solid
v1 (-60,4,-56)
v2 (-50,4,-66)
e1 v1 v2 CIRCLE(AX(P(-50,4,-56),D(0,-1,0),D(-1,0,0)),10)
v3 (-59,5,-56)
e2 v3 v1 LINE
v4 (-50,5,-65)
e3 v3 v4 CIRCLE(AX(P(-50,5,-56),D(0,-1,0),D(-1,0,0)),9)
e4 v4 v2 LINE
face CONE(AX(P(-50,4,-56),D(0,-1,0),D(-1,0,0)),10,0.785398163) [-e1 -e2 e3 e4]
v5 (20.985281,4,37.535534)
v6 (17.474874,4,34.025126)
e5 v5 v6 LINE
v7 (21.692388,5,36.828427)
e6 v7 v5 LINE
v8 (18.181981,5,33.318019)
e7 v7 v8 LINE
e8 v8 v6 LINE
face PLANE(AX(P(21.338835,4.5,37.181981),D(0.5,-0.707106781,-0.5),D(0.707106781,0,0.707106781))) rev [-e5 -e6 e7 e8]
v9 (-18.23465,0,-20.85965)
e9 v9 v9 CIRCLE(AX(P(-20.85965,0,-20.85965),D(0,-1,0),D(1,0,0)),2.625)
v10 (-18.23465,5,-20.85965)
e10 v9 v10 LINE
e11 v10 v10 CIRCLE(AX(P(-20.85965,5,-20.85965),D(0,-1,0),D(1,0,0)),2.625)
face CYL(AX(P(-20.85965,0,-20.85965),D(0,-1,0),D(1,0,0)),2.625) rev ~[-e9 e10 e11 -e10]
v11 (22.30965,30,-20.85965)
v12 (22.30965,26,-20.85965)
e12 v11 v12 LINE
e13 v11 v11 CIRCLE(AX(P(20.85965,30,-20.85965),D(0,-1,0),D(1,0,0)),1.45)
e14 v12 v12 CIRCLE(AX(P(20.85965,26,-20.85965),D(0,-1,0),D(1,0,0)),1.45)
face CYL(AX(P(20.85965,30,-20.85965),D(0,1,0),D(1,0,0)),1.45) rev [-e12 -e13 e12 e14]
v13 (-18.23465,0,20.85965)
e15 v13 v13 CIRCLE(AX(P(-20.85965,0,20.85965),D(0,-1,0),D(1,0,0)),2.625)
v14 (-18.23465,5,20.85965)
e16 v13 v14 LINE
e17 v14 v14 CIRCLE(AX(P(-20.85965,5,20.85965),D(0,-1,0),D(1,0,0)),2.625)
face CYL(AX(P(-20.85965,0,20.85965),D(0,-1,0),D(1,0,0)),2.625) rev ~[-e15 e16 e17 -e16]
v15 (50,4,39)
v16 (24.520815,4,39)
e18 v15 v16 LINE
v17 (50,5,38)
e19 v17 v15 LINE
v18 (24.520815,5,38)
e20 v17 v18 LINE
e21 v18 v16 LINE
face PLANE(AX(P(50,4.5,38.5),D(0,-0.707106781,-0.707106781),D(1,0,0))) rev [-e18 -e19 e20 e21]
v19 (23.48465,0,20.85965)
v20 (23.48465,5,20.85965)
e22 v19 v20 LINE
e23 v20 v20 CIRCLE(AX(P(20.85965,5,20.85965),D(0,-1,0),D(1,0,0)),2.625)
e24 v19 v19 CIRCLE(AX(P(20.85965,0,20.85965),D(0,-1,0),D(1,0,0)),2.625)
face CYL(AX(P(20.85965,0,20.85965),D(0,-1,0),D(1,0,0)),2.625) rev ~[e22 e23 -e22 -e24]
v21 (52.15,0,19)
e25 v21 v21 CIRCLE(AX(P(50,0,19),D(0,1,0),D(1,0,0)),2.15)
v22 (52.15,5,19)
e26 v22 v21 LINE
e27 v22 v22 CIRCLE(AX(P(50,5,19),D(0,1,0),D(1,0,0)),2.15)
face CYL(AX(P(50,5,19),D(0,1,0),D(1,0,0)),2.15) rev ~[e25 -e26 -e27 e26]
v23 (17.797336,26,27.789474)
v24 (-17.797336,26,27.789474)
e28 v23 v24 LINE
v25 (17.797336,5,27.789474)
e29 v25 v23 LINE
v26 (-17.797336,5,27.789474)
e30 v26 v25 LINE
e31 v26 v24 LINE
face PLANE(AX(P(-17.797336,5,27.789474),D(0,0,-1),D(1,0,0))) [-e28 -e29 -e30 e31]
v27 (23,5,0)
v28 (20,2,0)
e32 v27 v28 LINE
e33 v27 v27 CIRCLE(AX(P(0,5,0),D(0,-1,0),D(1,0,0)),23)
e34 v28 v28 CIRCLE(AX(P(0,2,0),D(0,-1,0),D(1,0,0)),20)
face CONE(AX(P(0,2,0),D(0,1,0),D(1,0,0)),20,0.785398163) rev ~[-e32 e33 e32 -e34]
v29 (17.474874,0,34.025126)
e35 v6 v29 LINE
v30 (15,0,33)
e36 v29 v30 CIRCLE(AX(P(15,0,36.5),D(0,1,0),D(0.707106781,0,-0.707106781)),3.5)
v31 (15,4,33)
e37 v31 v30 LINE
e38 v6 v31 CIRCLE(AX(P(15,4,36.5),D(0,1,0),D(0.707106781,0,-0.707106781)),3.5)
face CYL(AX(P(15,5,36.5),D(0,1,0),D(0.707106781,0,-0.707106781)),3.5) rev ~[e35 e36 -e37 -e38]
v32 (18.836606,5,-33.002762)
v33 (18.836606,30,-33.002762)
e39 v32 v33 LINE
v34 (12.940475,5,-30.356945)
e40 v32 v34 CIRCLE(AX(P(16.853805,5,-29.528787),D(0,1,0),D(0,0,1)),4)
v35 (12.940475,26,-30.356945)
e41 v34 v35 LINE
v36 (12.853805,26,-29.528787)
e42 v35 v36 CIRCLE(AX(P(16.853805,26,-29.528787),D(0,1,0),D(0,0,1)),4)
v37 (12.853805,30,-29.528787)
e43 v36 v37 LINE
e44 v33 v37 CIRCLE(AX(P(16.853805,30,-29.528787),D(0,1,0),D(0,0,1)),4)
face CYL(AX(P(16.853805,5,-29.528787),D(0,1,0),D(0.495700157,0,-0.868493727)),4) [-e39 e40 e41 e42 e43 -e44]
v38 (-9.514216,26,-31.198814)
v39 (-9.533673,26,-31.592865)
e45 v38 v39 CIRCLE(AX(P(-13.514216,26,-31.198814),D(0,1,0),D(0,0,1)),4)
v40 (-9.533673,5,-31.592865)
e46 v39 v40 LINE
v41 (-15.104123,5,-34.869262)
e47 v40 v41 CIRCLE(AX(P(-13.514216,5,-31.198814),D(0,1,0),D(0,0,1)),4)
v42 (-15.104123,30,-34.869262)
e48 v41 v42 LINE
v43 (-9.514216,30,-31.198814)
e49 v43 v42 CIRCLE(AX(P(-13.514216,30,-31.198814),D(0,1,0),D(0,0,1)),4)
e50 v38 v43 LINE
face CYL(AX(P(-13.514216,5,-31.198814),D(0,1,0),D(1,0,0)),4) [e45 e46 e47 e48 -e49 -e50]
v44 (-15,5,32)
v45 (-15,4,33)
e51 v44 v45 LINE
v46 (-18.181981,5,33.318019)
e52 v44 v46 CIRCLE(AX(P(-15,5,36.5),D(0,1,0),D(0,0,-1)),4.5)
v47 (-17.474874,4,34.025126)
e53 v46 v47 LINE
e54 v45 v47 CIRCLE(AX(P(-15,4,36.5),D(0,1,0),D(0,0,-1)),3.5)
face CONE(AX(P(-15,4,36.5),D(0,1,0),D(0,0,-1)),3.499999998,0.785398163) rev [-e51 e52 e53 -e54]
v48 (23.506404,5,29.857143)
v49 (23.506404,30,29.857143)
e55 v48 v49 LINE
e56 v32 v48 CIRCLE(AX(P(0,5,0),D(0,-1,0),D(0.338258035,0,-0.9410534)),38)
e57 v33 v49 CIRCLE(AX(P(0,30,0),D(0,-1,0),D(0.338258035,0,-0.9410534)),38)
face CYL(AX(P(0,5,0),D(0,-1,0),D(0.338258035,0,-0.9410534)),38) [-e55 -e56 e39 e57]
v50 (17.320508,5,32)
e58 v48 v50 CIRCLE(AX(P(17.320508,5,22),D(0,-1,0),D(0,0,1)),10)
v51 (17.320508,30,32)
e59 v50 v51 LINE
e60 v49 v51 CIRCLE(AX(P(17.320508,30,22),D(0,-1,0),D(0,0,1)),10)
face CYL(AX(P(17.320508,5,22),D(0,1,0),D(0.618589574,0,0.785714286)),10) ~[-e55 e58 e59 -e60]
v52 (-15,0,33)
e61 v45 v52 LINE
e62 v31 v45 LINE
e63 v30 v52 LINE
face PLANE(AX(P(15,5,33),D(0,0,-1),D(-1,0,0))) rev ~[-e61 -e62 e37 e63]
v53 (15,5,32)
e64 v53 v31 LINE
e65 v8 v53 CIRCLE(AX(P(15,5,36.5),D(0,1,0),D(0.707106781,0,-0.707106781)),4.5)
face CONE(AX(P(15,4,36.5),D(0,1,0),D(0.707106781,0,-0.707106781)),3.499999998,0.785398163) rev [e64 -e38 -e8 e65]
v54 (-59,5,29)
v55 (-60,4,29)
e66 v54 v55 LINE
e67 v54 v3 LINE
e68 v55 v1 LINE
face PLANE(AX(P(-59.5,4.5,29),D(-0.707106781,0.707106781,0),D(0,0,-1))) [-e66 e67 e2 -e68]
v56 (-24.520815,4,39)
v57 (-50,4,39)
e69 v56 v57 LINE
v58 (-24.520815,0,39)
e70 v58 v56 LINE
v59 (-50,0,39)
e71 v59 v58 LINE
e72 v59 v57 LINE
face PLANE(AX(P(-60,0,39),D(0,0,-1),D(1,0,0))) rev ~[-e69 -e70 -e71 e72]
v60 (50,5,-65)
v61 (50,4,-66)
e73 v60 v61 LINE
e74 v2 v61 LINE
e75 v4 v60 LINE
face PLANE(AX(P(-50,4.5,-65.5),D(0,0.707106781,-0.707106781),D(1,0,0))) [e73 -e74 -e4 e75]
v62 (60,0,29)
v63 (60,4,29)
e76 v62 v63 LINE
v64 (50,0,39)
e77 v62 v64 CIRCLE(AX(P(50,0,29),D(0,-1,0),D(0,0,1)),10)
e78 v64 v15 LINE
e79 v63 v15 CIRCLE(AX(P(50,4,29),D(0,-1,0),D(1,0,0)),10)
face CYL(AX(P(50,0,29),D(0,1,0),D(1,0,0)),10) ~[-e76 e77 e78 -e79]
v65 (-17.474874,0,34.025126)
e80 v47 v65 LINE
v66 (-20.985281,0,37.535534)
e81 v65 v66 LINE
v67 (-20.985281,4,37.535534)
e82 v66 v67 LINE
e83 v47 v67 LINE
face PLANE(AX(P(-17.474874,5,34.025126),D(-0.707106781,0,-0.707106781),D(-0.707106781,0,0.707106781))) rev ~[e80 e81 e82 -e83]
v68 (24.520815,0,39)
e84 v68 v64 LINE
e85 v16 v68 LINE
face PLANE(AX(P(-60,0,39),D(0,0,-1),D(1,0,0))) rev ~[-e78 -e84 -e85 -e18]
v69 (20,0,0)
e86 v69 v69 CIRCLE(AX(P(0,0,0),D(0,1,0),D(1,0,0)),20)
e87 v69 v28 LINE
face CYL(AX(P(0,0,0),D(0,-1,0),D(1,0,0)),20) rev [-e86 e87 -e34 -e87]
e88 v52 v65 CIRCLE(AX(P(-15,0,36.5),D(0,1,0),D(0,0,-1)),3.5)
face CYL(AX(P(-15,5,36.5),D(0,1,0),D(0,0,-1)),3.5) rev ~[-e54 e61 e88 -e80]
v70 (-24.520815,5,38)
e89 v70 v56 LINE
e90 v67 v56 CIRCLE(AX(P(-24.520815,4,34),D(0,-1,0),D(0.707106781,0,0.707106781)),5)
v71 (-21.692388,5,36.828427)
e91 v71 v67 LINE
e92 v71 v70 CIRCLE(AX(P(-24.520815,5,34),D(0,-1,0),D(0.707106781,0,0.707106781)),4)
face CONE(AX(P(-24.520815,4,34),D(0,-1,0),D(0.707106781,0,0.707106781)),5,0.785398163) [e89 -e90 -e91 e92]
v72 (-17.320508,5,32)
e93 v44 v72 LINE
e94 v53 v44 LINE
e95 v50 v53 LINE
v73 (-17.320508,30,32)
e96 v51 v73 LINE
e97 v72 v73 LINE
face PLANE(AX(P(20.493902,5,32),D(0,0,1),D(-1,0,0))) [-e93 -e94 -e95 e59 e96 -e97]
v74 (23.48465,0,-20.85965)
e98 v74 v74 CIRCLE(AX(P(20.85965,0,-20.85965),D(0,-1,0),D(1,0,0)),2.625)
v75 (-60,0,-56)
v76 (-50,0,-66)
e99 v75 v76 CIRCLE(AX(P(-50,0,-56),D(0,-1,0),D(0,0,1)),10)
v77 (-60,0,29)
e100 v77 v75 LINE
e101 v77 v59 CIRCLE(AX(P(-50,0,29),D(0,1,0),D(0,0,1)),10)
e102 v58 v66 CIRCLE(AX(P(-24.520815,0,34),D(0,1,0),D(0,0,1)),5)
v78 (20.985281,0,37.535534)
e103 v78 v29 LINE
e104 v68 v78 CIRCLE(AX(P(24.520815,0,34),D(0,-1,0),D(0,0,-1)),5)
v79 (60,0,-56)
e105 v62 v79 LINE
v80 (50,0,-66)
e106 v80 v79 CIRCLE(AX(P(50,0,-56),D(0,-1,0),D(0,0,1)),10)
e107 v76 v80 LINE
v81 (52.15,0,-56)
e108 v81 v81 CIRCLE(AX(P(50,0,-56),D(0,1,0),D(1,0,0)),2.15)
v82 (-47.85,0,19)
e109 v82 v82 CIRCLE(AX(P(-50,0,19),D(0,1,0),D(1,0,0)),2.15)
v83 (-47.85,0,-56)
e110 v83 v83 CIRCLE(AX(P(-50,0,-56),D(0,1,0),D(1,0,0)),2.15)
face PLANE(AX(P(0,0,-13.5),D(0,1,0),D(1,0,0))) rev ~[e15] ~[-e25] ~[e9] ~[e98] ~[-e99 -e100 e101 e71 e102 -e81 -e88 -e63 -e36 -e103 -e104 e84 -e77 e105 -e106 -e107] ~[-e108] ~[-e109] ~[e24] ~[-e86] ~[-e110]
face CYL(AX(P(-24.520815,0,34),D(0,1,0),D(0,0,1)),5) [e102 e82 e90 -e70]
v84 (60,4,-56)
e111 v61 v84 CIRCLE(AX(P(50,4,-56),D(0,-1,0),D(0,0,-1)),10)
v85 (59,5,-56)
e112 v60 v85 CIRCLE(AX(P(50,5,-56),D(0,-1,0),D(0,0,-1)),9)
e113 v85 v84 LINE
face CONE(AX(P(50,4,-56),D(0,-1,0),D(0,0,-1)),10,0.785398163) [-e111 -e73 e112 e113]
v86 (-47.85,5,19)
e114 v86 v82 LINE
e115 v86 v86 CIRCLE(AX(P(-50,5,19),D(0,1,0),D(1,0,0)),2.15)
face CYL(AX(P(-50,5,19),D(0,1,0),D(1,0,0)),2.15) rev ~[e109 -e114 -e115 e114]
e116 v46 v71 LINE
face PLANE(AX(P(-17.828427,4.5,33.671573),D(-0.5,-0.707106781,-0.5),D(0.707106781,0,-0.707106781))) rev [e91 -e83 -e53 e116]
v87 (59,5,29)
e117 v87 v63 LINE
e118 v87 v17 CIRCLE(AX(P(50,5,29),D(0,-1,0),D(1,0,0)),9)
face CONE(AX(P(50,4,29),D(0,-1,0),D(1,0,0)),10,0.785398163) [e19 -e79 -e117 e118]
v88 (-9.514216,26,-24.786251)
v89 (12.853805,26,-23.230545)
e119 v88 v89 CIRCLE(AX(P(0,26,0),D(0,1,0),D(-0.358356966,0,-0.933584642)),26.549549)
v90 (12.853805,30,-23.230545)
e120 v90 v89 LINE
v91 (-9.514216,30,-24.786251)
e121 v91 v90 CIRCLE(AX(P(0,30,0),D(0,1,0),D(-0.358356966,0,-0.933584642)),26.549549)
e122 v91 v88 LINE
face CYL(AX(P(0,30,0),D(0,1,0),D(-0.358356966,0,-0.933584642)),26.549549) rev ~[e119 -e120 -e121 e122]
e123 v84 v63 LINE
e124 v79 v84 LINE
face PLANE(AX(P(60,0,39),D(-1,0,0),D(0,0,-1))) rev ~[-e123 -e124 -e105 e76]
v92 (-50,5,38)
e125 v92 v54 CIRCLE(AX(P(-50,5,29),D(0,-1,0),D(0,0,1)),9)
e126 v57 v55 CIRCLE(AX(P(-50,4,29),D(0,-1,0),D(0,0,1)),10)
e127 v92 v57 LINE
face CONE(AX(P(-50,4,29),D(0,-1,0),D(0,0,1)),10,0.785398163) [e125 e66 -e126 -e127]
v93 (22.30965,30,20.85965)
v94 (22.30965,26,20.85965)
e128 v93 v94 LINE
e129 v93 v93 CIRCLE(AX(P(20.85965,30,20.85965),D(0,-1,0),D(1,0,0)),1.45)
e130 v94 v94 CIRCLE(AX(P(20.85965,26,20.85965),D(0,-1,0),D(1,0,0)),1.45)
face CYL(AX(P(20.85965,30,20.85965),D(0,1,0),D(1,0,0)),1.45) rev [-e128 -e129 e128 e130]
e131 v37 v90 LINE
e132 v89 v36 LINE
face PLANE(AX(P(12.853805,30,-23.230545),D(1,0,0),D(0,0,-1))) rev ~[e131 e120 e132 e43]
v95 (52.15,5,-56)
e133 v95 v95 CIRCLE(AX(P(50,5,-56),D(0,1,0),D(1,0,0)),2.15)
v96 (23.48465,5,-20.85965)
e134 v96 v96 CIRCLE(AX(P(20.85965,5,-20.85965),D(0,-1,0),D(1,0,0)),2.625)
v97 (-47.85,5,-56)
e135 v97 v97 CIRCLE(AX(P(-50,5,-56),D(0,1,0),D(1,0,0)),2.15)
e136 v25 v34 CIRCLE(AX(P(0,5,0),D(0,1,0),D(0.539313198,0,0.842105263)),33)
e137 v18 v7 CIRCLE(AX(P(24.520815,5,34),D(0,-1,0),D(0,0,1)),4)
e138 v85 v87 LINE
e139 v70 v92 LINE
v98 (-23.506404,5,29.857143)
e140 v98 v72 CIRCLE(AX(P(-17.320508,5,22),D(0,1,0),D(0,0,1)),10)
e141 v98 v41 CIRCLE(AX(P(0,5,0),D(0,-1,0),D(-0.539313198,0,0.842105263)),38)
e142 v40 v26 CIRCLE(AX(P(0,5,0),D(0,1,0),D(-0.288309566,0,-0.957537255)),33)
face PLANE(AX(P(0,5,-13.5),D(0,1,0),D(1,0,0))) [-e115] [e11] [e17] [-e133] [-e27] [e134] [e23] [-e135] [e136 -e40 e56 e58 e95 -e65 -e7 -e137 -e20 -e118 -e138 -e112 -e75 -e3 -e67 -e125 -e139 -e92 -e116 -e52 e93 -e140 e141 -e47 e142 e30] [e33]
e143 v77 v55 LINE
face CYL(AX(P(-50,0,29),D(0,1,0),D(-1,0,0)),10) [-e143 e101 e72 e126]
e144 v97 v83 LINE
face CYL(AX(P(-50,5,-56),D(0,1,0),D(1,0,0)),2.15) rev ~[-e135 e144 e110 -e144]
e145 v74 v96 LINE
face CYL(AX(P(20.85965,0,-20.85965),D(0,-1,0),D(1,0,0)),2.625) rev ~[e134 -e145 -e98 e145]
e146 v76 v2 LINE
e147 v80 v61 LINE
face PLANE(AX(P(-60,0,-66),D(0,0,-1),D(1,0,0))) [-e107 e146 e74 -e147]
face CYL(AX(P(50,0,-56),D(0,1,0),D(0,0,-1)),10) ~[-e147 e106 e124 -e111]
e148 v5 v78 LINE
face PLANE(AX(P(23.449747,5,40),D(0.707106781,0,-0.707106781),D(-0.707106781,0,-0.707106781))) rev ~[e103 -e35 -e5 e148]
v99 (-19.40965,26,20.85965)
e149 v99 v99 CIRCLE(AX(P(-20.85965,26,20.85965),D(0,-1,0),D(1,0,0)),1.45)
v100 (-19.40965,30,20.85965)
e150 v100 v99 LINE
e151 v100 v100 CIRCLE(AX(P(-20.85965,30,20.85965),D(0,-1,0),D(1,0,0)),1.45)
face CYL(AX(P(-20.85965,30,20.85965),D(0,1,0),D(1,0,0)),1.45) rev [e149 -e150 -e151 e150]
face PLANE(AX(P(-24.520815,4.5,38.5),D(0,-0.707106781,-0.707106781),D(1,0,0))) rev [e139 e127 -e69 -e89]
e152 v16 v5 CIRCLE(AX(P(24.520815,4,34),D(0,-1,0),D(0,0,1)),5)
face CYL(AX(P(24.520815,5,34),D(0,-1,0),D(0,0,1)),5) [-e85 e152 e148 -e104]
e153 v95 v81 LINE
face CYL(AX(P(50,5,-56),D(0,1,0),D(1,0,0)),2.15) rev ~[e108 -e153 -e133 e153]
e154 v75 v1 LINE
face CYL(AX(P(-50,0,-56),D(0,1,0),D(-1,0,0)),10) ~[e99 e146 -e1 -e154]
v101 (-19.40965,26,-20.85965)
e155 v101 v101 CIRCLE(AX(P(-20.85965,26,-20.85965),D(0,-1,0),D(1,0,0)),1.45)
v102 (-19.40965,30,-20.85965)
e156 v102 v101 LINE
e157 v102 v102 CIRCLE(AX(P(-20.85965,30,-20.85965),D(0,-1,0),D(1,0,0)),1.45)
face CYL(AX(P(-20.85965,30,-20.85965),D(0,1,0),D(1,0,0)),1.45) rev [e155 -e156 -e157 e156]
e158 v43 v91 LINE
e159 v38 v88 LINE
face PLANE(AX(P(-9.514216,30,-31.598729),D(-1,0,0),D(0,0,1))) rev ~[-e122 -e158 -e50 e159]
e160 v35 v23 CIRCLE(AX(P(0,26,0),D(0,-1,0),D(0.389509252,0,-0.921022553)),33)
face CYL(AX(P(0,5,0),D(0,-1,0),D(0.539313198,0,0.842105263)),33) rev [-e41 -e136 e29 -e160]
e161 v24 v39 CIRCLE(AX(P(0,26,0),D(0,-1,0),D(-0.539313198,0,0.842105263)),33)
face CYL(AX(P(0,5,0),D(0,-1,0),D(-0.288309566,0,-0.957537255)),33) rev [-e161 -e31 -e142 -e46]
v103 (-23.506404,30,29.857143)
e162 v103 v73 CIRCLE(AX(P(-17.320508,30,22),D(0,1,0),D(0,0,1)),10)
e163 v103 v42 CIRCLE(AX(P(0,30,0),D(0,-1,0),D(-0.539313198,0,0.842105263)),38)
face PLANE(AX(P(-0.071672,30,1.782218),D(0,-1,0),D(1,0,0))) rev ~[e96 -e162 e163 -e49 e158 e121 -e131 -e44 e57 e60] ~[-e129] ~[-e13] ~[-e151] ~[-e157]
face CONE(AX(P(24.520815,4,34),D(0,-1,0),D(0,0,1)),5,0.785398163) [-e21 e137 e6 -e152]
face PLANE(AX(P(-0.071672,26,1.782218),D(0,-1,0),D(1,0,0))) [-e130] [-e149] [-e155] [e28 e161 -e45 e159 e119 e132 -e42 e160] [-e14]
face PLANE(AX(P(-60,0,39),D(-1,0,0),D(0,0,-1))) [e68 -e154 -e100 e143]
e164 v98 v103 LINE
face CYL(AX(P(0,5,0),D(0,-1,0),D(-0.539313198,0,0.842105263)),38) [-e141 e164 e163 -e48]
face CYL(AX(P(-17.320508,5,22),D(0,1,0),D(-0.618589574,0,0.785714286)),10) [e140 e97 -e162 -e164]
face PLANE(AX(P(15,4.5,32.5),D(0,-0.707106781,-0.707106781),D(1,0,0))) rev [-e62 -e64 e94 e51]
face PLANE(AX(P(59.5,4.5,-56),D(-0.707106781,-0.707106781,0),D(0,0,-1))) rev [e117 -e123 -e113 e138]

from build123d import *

# Parameters (mm, degrees)
SKETCH2_W           = 120
SKETCH2_H           = 105
BOSS_EXTRUDE2_DEPTH = 5
CUT_EXTRUDE7_DEPTH  = 6
FILLET5_R           = 10
SKETCH10_R          = 20
CUT_EXTRUDE9_DEPTH  = 6
CHAMFER3_SIZE       = 3
FILLET6_R           = 5
CHAMFER4_SIZE       = 1
SKETCH11_R          = 2.15
CUT_EXTRUDE10_DEPTH = 6
BOSS_EXTRUDE3_DEPTH = 25
BOSS_EXTRUDE4_START = -25
SKETCH27_3_R        = 1.45
BOSS_EXTRUDE4_DEPTH = 4
SKETCH28_R          = 2.625
CUT_EXTRUDE13_DEPTH = 5
FILLET7_R           = 10
FILLET8_R           = 4


with BuildPart() as part:
    # Sketch2 → Boss-Extrude2 (new body)
    with BuildSketch(Plane(origin=(0, 0, 0), x_dir=(1, 0, 0), z_dir=(0, 1, 0))):
        with Locations((0, 13.5)):
            Rectangle(SKETCH2_W, SKETCH2_H)
    extrude(amount=BOSS_EXTRUDE2_DEPTH)

    # Sketch9 → Cut-Extrude7 (cut, through all)
    with BuildSketch(Plane(origin=(0, 5, 0), x_dir=(1, 0, 0), z_dir=(0, 1, 0))):
        with BuildLine():
            Line((-17.474873734, -34.025126266), (-23.449747468, -40))
            Line((-23.449747468, -40), (23.449747468, -40))
            Line((23.449747468, -40), (17.474873734, -34.025126266))
            ThreePointArc((17.474873734, -34.025126266), (16.339392013, -33.266421636), (15, -33))
            Line((15, -33), (-15, -33))
            ThreePointArc((-15, -33), (-16.339392013, -33.266421636), (-17.474873734, -34.025126266))
        make_face()
    extrude(amount=-CUT_EXTRUDE7_DEPTH, mode=Mode.SUBTRACT)

    # Fillet5
    fillet5_edges = [part.edges().sort_by_distance(p)[0] for p in [
        (-60, 2.5, -66),
        (60, 2.5, -66),
        (60, 2.5, 39),
        (-60, 2.5, 39),
    ]]
    fillet(fillet5_edges, radius=FILLET5_R)

    # Sketch10 → Cut-Extrude9 (cut, through all)
    with BuildSketch(Plane(origin=(0, 0, 0), x_dir=(1, 0, 0), z_dir=(0, 1, 0))):
        Circle(SKETCH10_R)
    extrude(amount=CUT_EXTRUDE9_DEPTH, mode=Mode.SUBTRACT)

    # Chamfer3
    chamfer3_edges = [part.edges().sort_by_distance(p)[0] for p in [
        (-20, 5, 0),
    ]]
    chamfer(chamfer3_edges, length=CHAMFER3_SIZE)

    # Fillet6
    fillet6_edges = [part.edges().sort_by_distance(p)[0] for p in [
        (22.449747468, 2.5, 39),
        (-22.449747468, 2.5, 39),
    ]]
    fillet(fillet6_edges, radius=FILLET6_R)

    # Chamfer4
    chamfer4_edges = [part.edges().sort_by_distance(p)[0] for p in [
        (16.339392013, 5, 33.266421636),
        (0, 5, 33),
        (-16.339392013, 5, 33.266421636),
        (-19.230077554, 5, 35.780330086),
        (-60, 5, -13.5),
        (0, 5, -66),
        (60, 5, -13.5),
        (-37.26040764, 5, 39),
        (-57.071067812, 5, 36.071067812),
        (57.071067812, 5, 36.071067812),
        (57.071067812, 5, -63.071067812),
        (-57.071067812, 5, -63.071067812),
        (19.230077554, 5, 35.780330086),
        (37.26040764, 5, 39),
        (22.607398118, 5, 38.619397663),
        (-22.607398118, 5, 38.619397663),
    ]]
    chamfer(chamfer4_edges, length=CHAMFER4_SIZE)

    # Sketch11 → Cut-Extrude10 (cut, through all)
    with BuildSketch(Plane(origin=(0, 5, 0), x_dir=(1, 0, 0), z_dir=(0, 1, 0))):
        with Locations((-50, 56)):
            Circle(SKETCH11_R)
        with Locations((50, 56)):
            Circle(SKETCH11_R)
        with Locations((-50, -19)):
            Circle(SKETCH11_R)
        with Locations((50, -19)):
            Circle(SKETCH11_R)
    extrude(amount=-CUT_EXTRUDE10_DEPTH, mode=Mode.SUBTRACT)

    # Sketch27 → Boss-Extrude3 (add)
    with BuildSketch(Plane.XZ.offset(-5)):
        with BuildLine():
            Line((15, 32), (-15, 32))
            Line((-15, 32), (-20.493901532, 32))
            ThreePointArc((-20.493901532, 32), (-37.525010245, -5.989457917), (-9.514215685, -36.789668385))
            Line((-9.514215685, -36.789668385), (-9.514215685, -31.598729403))
            ThreePointArc((-9.514215685, -31.598729403), (-32.683633122, -4.55852234), (-17.797335541, 27.789473684))
            Line((-17.797335541, 27.789473684), (17.797335541, 27.789473684))
            ThreePointArc((17.797335541, 27.789473684), (32.881527048, -2.793775048), (12.853805326, -30.393744235))
            Line((12.853805326, -30.393744235), (12.853805326, -35.760029204))
            ThreePointArc((12.853805326, -35.760029204), (37.760730628, -4.257607592), (20.493901532, 32))
            Line((20.493901532, 32), (15, 32))
        make_face()
    extrude(amount=-BOSS_EXTRUDE3_DEPTH)

    # Sketch27<3> → Boss-Extrude4 (add)
    with BuildSketch(Plane.XZ.offset(-5).offset(BOSS_EXTRUDE4_START)):
        with BuildLine():
            ThreePointArc((-17.797335541, 27.789473684), (-32.683633122, -4.55852234), (-9.514215685, -31.598729403))
            Line((-9.514215685, -31.598729403), (-9.514215685, -24.786250802))
            ThreePointArc((-9.514215685, -24.786250802), (-1.842083043, 26.485566994), (12.853805326, -23.230544926))
            Line((12.853805326, -23.230544926), (12.853805326, -30.393744235))
            ThreePointArc((12.853805326, -30.393744235), (32.881527048, -2.793775048), (17.797335541, 27.789473684))
            Line((17.797335541, 27.789473684), (-17.797335541, 27.789473684))
        make_face()
        with Locations((-20.859650045, -20.859650045)):
            Circle(SKETCH27_3_R, mode=Mode.SUBTRACT)
        with Locations((20.859650045, -20.859650045)):
            Circle(SKETCH27_3_R, mode=Mode.SUBTRACT)
        with Locations((-20.859650045, 20.859650045)):
            Circle(SKETCH27_3_R, mode=Mode.SUBTRACT)
        with Locations((20.859650045, 20.859650045)):
            Circle(SKETCH27_3_R, mode=Mode.SUBTRACT)
    extrude(amount=BOSS_EXTRUDE4_DEPTH)

    # Sketch28 → Cut-Extrude13 (cut)
    with BuildSketch(Plane.XZ):
        with Locations((-20.859650045, 20.859650045)):
            Circle(SKETCH28_R)
        with Locations((20.859650045, 20.859650045)):
            Circle(SKETCH28_R)
        with Locations((20.859650045, -20.859650045)):
            Circle(SKETCH28_R)
        with Locations((-20.859650045, -20.859650045)):
            Circle(SKETCH28_R)
    extrude(amount=-CUT_EXTRUDE13_DEPTH, mode=Mode.SUBTRACT)

    # Fillet7
    fillet7_edges = [part.edges().sort_by_distance(p)[0] for p in [
        (-20.493901532, 17.5, 32),
        (20.493901532, 17.5, 32),
    ]]
    fillet(fillet7_edges, radius=FILLET7_R)

    # Fillet8
    fillet8_edges = [part.edges().sort_by_distance(p)[0] for p in [
        (-9.514215685, 17.5, -36.789668385),
        (12.853805326, 17.5, -35.760029204),
    ]]
    fillet(fillet8_edges, radius=FILLET8_R)


solid = part.part
